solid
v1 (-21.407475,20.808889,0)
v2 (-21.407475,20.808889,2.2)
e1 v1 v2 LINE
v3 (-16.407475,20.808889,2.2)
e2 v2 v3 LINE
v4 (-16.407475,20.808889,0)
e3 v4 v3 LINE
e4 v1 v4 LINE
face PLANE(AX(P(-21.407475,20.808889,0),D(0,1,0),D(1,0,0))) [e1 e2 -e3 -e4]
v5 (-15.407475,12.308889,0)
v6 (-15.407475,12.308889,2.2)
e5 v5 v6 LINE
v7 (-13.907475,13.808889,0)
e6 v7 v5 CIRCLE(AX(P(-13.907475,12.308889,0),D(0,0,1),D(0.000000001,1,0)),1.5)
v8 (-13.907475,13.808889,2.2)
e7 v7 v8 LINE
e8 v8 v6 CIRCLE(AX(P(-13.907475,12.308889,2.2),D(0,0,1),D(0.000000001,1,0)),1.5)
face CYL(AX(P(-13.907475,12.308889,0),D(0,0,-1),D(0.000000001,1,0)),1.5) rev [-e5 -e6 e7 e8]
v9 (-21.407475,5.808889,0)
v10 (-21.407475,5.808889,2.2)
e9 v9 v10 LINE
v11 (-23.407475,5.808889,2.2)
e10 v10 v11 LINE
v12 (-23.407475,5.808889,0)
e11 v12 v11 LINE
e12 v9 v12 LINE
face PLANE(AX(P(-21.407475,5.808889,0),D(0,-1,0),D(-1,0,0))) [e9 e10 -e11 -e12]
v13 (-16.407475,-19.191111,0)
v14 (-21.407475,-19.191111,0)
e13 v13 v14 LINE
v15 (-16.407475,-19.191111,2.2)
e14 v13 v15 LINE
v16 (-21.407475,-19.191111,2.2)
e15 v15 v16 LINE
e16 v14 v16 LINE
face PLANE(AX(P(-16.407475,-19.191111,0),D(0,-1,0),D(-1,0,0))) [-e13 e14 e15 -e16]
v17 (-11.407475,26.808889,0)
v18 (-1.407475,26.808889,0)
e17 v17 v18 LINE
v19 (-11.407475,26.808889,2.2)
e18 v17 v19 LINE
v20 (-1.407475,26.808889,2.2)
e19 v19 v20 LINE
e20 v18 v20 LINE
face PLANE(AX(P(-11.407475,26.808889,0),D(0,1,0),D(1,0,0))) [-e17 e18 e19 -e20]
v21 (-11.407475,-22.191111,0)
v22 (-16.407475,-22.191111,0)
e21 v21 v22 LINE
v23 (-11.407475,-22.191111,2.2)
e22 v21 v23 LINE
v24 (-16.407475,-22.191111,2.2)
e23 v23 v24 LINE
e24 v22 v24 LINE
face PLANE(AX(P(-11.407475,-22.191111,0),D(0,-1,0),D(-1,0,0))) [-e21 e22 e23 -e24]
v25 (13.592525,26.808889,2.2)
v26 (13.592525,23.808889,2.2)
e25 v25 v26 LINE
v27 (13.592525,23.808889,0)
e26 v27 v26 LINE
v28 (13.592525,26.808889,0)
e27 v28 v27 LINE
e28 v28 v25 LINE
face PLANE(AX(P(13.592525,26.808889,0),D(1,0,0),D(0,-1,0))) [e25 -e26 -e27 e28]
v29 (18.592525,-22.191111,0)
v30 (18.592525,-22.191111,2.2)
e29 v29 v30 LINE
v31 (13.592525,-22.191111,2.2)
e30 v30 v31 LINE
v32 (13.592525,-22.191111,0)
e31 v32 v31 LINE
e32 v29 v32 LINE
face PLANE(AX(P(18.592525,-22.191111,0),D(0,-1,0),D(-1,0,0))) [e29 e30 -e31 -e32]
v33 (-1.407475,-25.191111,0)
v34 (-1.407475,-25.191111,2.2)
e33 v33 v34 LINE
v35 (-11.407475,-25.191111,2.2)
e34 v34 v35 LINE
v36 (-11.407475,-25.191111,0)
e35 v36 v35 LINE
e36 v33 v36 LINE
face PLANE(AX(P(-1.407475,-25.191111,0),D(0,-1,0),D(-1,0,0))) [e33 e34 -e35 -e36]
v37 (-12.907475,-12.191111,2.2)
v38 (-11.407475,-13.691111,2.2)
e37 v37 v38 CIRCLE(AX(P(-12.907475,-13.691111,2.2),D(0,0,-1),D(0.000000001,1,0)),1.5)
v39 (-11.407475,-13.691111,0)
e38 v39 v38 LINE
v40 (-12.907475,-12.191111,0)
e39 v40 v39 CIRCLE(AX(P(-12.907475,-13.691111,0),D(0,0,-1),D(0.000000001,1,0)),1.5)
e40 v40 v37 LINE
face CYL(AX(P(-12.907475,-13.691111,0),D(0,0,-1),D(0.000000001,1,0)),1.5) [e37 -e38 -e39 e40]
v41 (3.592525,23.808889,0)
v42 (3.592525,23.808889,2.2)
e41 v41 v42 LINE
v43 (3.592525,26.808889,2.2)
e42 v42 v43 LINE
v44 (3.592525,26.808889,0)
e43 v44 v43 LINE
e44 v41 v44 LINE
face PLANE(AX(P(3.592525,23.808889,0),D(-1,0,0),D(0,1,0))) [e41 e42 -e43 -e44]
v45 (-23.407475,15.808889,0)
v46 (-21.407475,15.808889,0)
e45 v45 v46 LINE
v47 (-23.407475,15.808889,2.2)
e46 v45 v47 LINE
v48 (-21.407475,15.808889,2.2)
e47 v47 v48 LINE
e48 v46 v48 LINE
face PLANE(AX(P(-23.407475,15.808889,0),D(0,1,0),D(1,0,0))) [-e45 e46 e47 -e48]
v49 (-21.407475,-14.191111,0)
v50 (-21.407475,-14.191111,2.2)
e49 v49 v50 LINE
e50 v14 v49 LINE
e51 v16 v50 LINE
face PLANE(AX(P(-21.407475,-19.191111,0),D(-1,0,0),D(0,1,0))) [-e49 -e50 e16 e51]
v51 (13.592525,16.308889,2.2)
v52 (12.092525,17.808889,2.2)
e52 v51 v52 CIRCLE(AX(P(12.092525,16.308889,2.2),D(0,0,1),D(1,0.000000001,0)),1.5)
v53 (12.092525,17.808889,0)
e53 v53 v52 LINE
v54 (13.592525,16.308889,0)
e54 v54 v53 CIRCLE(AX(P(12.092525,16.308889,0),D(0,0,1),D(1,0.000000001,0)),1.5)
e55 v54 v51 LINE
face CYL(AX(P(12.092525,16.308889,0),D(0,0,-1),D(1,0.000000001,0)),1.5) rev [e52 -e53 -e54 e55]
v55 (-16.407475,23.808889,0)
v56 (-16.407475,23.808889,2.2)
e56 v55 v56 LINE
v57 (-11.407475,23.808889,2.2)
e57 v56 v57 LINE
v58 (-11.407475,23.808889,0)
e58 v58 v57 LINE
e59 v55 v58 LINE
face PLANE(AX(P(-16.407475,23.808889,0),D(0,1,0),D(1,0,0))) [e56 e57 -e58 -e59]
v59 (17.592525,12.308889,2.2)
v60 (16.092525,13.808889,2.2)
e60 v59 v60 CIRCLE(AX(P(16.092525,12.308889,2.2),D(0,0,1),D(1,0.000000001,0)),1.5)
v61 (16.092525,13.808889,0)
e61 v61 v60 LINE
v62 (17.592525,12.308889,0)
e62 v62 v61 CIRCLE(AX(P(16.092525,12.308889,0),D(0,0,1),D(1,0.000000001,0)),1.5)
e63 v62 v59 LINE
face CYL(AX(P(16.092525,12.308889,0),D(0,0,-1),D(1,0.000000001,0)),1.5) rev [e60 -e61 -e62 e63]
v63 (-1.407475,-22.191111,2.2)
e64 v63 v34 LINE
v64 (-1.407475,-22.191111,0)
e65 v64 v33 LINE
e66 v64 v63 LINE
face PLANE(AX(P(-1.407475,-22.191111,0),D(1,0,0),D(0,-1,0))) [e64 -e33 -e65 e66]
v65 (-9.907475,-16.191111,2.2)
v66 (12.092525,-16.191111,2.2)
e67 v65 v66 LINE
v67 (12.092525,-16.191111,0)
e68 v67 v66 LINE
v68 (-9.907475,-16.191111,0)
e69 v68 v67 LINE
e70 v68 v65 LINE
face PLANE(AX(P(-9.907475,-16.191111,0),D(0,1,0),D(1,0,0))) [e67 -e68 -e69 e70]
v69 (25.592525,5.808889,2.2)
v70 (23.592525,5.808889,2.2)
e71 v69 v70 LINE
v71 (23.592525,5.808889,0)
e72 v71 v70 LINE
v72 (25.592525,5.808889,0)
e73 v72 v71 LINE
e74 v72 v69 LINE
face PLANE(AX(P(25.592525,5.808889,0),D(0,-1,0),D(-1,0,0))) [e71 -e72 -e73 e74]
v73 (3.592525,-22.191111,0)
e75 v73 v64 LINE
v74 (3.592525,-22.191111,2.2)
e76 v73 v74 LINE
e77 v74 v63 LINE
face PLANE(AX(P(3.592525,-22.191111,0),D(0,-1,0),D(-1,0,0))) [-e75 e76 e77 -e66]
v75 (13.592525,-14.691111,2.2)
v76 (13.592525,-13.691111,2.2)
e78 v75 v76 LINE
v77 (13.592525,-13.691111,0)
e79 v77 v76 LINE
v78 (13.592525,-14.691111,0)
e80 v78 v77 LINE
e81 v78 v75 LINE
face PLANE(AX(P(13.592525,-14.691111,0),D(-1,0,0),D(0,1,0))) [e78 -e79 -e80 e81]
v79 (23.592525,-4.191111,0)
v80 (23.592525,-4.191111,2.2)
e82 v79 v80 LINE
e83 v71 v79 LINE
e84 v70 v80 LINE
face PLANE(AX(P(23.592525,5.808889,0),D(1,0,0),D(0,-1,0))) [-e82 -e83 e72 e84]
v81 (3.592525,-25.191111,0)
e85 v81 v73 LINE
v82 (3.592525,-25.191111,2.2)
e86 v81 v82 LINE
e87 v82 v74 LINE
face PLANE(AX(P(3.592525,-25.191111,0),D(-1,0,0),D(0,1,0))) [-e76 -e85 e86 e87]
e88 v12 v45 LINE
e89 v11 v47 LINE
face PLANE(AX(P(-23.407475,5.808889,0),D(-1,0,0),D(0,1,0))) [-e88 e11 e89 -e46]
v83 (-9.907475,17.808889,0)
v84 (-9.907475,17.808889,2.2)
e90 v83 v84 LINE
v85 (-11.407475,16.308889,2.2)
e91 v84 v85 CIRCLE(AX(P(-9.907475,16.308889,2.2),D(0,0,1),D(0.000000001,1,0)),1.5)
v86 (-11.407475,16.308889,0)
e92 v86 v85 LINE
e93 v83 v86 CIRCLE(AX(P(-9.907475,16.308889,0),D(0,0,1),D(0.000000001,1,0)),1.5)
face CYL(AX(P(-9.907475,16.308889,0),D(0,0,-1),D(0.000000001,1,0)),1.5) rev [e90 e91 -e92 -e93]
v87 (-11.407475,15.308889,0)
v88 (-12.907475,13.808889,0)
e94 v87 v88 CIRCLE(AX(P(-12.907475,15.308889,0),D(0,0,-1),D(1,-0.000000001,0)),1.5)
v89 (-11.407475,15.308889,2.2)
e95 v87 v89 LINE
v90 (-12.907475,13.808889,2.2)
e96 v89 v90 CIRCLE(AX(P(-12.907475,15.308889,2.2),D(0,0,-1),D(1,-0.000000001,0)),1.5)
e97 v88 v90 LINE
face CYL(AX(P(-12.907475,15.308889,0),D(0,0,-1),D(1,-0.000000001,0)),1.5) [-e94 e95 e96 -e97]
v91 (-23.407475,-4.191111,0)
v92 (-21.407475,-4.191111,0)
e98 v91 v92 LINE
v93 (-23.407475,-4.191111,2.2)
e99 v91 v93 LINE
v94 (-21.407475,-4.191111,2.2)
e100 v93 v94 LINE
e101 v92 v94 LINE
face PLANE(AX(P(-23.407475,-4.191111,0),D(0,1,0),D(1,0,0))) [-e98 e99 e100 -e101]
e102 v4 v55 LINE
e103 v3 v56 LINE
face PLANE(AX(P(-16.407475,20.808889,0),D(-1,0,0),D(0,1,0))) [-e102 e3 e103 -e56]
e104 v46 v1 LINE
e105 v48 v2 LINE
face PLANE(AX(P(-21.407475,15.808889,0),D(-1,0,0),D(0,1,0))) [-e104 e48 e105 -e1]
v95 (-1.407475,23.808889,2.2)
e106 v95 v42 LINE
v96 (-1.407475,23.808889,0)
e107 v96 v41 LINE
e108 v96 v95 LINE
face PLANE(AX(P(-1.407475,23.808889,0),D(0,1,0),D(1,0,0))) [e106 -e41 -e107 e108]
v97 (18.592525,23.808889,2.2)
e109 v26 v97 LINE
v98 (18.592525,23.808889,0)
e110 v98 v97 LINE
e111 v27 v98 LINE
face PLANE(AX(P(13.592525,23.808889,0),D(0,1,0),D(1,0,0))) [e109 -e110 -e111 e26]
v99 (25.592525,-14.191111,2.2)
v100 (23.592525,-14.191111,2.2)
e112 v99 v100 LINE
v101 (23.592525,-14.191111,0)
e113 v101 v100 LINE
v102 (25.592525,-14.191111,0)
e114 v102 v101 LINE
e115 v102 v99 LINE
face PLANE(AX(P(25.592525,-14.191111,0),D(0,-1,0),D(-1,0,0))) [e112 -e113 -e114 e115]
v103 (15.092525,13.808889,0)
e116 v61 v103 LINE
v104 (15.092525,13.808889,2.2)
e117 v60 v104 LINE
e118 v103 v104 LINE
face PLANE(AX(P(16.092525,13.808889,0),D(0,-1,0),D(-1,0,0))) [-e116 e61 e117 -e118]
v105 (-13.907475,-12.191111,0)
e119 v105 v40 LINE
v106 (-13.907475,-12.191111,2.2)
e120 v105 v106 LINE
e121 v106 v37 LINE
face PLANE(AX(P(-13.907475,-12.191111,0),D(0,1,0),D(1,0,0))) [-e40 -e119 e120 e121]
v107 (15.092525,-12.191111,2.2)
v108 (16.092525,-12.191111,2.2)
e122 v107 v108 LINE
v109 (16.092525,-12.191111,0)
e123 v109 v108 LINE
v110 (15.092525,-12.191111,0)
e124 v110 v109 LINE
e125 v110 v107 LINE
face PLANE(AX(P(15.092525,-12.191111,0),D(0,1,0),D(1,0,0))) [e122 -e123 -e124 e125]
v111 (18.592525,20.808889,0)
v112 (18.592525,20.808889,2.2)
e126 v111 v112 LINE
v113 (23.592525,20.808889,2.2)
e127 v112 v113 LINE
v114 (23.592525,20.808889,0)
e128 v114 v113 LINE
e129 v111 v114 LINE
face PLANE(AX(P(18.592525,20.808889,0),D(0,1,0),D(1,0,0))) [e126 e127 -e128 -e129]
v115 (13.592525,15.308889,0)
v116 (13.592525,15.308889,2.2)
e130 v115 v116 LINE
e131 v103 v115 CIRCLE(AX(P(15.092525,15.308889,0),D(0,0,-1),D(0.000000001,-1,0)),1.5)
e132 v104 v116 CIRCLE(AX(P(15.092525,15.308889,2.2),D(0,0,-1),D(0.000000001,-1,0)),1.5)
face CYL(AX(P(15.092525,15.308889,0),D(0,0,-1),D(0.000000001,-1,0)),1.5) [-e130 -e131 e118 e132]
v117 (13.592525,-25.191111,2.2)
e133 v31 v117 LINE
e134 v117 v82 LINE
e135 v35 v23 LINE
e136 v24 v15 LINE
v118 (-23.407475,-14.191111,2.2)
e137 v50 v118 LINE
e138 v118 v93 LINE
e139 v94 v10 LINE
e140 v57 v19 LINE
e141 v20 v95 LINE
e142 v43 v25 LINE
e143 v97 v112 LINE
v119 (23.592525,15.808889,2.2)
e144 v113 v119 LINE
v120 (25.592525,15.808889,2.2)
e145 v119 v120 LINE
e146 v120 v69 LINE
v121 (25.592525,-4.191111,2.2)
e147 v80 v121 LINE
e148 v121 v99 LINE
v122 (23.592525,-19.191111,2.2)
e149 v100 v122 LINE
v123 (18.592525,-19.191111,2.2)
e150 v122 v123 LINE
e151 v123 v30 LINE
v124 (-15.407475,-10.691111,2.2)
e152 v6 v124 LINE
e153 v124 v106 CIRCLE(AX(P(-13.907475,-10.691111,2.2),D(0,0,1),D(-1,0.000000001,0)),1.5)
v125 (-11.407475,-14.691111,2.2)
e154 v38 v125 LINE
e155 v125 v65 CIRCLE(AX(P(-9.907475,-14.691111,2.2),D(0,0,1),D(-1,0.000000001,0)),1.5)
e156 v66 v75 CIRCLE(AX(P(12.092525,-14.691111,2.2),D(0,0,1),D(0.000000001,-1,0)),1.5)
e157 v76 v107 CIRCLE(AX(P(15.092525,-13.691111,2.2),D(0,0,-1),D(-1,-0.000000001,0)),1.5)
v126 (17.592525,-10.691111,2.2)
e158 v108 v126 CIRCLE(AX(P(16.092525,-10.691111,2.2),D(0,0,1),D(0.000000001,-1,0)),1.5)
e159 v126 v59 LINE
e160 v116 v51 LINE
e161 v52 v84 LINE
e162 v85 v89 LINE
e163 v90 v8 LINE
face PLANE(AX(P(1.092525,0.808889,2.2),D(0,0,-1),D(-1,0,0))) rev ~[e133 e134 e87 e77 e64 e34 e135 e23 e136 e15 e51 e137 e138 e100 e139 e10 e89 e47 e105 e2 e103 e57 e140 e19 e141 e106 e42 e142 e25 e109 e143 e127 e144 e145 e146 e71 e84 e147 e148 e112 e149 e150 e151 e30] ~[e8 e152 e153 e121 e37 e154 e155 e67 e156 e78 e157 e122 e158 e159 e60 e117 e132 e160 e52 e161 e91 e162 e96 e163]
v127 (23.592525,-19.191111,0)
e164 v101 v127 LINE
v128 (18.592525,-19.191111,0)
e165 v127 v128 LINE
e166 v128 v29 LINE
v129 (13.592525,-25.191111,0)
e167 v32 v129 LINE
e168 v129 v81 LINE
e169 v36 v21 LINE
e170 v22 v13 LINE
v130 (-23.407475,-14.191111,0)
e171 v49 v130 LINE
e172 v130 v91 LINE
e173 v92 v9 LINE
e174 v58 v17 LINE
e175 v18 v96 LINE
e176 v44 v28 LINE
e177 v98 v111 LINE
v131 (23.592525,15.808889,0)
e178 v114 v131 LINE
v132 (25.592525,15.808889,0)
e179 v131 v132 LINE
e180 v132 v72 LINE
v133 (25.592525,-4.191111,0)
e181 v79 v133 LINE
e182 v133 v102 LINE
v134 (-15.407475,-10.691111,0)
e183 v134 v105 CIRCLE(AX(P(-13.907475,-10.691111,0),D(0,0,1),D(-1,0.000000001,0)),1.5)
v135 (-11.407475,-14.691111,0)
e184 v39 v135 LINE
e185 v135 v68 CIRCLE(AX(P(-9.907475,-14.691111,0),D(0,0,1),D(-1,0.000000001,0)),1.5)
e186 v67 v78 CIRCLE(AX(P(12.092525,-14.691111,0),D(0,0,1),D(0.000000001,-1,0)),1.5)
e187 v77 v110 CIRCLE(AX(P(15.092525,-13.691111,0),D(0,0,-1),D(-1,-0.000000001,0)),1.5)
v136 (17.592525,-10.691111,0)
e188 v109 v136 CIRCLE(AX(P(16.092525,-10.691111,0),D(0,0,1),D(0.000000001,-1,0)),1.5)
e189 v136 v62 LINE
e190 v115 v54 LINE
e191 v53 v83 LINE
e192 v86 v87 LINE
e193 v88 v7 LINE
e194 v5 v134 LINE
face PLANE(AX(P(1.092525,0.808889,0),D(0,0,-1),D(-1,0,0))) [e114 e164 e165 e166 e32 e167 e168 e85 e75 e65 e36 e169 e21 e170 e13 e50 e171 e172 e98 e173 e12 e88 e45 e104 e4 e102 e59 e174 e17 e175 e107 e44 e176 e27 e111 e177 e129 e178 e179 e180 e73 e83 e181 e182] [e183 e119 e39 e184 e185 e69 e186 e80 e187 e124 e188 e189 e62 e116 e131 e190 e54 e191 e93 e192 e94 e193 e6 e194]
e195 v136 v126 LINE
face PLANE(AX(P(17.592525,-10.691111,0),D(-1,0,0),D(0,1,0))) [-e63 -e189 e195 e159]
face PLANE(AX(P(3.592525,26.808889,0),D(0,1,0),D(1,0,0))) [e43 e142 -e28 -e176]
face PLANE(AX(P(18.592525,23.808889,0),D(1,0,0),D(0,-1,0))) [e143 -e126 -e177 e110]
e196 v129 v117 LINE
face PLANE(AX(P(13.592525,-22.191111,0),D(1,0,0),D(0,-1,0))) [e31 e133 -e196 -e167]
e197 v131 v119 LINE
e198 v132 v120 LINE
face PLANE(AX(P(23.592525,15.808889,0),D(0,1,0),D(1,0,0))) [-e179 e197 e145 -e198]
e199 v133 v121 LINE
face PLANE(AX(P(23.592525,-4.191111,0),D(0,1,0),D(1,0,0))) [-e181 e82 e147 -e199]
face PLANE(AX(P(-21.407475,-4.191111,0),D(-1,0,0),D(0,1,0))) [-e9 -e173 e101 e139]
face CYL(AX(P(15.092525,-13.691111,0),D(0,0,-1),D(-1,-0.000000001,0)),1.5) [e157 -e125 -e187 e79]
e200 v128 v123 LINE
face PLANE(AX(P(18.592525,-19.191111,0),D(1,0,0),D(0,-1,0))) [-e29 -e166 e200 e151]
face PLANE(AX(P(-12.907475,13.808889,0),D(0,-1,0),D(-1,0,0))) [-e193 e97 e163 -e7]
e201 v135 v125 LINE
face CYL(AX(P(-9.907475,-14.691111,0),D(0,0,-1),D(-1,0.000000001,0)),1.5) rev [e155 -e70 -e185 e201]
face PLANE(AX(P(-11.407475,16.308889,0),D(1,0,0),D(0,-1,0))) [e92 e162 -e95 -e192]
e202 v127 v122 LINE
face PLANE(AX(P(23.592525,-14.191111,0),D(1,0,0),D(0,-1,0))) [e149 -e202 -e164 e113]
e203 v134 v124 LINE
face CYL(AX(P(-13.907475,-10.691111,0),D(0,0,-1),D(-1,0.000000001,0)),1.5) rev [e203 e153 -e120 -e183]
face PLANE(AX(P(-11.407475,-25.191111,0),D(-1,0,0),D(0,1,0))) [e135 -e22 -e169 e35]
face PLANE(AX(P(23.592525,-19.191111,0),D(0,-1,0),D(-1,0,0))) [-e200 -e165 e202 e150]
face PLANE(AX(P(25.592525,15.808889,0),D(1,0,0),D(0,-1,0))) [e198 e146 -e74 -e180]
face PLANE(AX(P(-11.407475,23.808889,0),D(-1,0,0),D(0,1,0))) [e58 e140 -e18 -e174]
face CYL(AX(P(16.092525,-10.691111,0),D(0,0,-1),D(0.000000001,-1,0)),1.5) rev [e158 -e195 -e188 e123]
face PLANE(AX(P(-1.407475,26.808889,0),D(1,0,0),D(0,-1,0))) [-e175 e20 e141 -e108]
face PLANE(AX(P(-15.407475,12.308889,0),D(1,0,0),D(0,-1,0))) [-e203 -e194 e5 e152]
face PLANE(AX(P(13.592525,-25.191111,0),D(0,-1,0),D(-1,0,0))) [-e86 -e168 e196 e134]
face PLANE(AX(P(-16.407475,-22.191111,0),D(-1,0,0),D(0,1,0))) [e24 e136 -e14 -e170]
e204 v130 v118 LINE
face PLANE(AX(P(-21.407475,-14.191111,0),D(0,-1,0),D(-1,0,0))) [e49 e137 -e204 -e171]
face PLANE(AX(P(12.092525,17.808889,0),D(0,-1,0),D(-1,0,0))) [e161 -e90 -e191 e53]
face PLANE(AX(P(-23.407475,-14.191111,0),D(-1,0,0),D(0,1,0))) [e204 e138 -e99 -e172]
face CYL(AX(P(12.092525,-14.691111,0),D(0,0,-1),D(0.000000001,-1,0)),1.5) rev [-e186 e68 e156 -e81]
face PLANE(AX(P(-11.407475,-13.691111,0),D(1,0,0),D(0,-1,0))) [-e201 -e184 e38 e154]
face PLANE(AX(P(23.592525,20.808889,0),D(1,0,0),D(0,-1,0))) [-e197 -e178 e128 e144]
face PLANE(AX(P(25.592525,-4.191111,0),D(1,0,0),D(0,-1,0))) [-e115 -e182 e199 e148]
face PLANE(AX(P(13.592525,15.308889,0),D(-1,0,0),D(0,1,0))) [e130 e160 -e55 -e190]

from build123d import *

# Parameters (mm, degrees)
EXTRUDE_1_DEPTH = 2.2


with BuildPart() as part:
    # Model → 凸台-拉伸1 (new body)
    with BuildSketch(Plane.XY):
        Polygon((-11.407474747, -25.191111111), (-11.407474747, -22.191111111), (-16.407474747, -22.191111111), (-16.407474747, -19.191111111), (-21.407474747, -19.191111111), (-21.407474747, -14.191111111), (-23.407474747, -14.191111111), (-23.407474747, -4.191111111), (-21.407474747, -4.191111111), (-21.407474747, 5.808888889), (-23.407474747, 5.808888889), (-23.407474747, 15.808888889), (-21.407474747, 15.808888889), (-21.407474747, 20.808888889), (-16.407474747, 20.808888889), (-16.407474747, 23.808888889), (-11.407474747, 23.808888889), (-11.407474747, 26.808888889), (-1.407474747, 26.808888889), (-1.407474747, 23.808888889), (3.592525253, 23.808888889), (3.592525253, 26.808888889), (13.592525253, 26.808888889), (13.592525253, 23.808888889), (18.592525253, 23.808888889), (18.592525253, 20.808888889), (23.592525253, 20.808888889), (23.592525253, 15.808888889), (25.592525253, 15.808888889), (25.592525253, 5.808888889), (23.592525253, 5.808888889), (23.592525253, -4.191111111), (25.592525253, -4.191111111), (25.592525253, -14.191111111), (23.592525253, -14.191111111), (23.592525253, -19.191111111), (18.592525253, -19.191111111), (18.592525253, -22.191111111), (13.592525253, -22.191111111), (13.592525253, -25.191111111), (3.592525253, -25.191111111), (3.592525253, -22.191111111), (-1.407474747, -22.191111111), (-1.407474747, -25.191111111), align=None)
        with BuildLine():
            Line((16.092525253, 13.808888889), (15.092525253, 13.808888889))
            ThreePointArc((15.092525253, 13.808888889), (14.031865081, 14.248228717), (13.592525253, 15.308888889))
            Line((13.592525253, 15.308888889), (13.592525253, 16.308888889))
            ThreePointArc((13.592525253, 16.308888889), (13.153185424, 17.369549061), (12.092525253, 17.808888889))
            Line((12.092525253, 17.808888889), (-9.907474747, 17.808888889))
            ThreePointArc((-9.907474747, 17.808888889), (-10.968134919, 17.369549061), (-11.407474747, 16.308888889))
            Line((-11.407474747, 16.308888889), (-11.407474747, 15.308888889))
            ThreePointArc((-11.407474747, 15.308888889), (-11.846814576, 14.248228717), (-12.907474747, 13.808888889))
            Line((-12.907474747, 13.808888889), (-13.907474747, 13.808888889))
            ThreePointArc((-13.907474747, 13.808888889), (-14.968134919, 13.369549061), (-15.407474747, 12.308888889))
            Line((-15.407474747, 12.308888889), (-15.407474747, -10.691111111))
            ThreePointArc((-15.407474747, -10.691111111), (-14.968134919, -11.751771283), (-13.907474747, -12.191111111))
            Line((-13.907474747, -12.191111111), (-12.907474747, -12.191111111))
            ThreePointArc((-12.907474747, -12.191111111), (-11.846814576, -12.630450939), (-11.407474747, -13.691111111))
            Line((-11.407474747, -13.691111111), (-11.407474747, -14.691111111))
            ThreePointArc((-11.407474747, -14.691111111), (-10.968134919, -15.751771283), (-9.907474747, -16.191111111))
            Line((-9.907474747, -16.191111111), (12.092525253, -16.191111111))
            ThreePointArc((12.092525253, -16.191111111), (13.153185424, -15.751771283), (13.592525253, -14.691111111))
            Line((13.592525253, -14.691111111), (13.592525253, -13.691111111))
            ThreePointArc((13.592525253, -13.691111111), (14.031865081, -12.630450939), (15.092525253, -12.191111111))
            Line((15.092525253, -12.191111111), (16.092525253, -12.191111111))
            ThreePointArc((16.092525253, -12.191111111), (17.153185424, -11.751771283), (17.592525253, -10.691111111))
            Line((17.592525253, -10.691111111), (17.592525253, 12.308888889))
            ThreePointArc((17.592525253, 12.308888889), (17.153185424, 13.369549061), (16.092525253, 13.808888889))
        make_face(mode=Mode.SUBTRACT)
    extrude(amount=EXTRUDE_1_DEPTH)


solid = part.part
